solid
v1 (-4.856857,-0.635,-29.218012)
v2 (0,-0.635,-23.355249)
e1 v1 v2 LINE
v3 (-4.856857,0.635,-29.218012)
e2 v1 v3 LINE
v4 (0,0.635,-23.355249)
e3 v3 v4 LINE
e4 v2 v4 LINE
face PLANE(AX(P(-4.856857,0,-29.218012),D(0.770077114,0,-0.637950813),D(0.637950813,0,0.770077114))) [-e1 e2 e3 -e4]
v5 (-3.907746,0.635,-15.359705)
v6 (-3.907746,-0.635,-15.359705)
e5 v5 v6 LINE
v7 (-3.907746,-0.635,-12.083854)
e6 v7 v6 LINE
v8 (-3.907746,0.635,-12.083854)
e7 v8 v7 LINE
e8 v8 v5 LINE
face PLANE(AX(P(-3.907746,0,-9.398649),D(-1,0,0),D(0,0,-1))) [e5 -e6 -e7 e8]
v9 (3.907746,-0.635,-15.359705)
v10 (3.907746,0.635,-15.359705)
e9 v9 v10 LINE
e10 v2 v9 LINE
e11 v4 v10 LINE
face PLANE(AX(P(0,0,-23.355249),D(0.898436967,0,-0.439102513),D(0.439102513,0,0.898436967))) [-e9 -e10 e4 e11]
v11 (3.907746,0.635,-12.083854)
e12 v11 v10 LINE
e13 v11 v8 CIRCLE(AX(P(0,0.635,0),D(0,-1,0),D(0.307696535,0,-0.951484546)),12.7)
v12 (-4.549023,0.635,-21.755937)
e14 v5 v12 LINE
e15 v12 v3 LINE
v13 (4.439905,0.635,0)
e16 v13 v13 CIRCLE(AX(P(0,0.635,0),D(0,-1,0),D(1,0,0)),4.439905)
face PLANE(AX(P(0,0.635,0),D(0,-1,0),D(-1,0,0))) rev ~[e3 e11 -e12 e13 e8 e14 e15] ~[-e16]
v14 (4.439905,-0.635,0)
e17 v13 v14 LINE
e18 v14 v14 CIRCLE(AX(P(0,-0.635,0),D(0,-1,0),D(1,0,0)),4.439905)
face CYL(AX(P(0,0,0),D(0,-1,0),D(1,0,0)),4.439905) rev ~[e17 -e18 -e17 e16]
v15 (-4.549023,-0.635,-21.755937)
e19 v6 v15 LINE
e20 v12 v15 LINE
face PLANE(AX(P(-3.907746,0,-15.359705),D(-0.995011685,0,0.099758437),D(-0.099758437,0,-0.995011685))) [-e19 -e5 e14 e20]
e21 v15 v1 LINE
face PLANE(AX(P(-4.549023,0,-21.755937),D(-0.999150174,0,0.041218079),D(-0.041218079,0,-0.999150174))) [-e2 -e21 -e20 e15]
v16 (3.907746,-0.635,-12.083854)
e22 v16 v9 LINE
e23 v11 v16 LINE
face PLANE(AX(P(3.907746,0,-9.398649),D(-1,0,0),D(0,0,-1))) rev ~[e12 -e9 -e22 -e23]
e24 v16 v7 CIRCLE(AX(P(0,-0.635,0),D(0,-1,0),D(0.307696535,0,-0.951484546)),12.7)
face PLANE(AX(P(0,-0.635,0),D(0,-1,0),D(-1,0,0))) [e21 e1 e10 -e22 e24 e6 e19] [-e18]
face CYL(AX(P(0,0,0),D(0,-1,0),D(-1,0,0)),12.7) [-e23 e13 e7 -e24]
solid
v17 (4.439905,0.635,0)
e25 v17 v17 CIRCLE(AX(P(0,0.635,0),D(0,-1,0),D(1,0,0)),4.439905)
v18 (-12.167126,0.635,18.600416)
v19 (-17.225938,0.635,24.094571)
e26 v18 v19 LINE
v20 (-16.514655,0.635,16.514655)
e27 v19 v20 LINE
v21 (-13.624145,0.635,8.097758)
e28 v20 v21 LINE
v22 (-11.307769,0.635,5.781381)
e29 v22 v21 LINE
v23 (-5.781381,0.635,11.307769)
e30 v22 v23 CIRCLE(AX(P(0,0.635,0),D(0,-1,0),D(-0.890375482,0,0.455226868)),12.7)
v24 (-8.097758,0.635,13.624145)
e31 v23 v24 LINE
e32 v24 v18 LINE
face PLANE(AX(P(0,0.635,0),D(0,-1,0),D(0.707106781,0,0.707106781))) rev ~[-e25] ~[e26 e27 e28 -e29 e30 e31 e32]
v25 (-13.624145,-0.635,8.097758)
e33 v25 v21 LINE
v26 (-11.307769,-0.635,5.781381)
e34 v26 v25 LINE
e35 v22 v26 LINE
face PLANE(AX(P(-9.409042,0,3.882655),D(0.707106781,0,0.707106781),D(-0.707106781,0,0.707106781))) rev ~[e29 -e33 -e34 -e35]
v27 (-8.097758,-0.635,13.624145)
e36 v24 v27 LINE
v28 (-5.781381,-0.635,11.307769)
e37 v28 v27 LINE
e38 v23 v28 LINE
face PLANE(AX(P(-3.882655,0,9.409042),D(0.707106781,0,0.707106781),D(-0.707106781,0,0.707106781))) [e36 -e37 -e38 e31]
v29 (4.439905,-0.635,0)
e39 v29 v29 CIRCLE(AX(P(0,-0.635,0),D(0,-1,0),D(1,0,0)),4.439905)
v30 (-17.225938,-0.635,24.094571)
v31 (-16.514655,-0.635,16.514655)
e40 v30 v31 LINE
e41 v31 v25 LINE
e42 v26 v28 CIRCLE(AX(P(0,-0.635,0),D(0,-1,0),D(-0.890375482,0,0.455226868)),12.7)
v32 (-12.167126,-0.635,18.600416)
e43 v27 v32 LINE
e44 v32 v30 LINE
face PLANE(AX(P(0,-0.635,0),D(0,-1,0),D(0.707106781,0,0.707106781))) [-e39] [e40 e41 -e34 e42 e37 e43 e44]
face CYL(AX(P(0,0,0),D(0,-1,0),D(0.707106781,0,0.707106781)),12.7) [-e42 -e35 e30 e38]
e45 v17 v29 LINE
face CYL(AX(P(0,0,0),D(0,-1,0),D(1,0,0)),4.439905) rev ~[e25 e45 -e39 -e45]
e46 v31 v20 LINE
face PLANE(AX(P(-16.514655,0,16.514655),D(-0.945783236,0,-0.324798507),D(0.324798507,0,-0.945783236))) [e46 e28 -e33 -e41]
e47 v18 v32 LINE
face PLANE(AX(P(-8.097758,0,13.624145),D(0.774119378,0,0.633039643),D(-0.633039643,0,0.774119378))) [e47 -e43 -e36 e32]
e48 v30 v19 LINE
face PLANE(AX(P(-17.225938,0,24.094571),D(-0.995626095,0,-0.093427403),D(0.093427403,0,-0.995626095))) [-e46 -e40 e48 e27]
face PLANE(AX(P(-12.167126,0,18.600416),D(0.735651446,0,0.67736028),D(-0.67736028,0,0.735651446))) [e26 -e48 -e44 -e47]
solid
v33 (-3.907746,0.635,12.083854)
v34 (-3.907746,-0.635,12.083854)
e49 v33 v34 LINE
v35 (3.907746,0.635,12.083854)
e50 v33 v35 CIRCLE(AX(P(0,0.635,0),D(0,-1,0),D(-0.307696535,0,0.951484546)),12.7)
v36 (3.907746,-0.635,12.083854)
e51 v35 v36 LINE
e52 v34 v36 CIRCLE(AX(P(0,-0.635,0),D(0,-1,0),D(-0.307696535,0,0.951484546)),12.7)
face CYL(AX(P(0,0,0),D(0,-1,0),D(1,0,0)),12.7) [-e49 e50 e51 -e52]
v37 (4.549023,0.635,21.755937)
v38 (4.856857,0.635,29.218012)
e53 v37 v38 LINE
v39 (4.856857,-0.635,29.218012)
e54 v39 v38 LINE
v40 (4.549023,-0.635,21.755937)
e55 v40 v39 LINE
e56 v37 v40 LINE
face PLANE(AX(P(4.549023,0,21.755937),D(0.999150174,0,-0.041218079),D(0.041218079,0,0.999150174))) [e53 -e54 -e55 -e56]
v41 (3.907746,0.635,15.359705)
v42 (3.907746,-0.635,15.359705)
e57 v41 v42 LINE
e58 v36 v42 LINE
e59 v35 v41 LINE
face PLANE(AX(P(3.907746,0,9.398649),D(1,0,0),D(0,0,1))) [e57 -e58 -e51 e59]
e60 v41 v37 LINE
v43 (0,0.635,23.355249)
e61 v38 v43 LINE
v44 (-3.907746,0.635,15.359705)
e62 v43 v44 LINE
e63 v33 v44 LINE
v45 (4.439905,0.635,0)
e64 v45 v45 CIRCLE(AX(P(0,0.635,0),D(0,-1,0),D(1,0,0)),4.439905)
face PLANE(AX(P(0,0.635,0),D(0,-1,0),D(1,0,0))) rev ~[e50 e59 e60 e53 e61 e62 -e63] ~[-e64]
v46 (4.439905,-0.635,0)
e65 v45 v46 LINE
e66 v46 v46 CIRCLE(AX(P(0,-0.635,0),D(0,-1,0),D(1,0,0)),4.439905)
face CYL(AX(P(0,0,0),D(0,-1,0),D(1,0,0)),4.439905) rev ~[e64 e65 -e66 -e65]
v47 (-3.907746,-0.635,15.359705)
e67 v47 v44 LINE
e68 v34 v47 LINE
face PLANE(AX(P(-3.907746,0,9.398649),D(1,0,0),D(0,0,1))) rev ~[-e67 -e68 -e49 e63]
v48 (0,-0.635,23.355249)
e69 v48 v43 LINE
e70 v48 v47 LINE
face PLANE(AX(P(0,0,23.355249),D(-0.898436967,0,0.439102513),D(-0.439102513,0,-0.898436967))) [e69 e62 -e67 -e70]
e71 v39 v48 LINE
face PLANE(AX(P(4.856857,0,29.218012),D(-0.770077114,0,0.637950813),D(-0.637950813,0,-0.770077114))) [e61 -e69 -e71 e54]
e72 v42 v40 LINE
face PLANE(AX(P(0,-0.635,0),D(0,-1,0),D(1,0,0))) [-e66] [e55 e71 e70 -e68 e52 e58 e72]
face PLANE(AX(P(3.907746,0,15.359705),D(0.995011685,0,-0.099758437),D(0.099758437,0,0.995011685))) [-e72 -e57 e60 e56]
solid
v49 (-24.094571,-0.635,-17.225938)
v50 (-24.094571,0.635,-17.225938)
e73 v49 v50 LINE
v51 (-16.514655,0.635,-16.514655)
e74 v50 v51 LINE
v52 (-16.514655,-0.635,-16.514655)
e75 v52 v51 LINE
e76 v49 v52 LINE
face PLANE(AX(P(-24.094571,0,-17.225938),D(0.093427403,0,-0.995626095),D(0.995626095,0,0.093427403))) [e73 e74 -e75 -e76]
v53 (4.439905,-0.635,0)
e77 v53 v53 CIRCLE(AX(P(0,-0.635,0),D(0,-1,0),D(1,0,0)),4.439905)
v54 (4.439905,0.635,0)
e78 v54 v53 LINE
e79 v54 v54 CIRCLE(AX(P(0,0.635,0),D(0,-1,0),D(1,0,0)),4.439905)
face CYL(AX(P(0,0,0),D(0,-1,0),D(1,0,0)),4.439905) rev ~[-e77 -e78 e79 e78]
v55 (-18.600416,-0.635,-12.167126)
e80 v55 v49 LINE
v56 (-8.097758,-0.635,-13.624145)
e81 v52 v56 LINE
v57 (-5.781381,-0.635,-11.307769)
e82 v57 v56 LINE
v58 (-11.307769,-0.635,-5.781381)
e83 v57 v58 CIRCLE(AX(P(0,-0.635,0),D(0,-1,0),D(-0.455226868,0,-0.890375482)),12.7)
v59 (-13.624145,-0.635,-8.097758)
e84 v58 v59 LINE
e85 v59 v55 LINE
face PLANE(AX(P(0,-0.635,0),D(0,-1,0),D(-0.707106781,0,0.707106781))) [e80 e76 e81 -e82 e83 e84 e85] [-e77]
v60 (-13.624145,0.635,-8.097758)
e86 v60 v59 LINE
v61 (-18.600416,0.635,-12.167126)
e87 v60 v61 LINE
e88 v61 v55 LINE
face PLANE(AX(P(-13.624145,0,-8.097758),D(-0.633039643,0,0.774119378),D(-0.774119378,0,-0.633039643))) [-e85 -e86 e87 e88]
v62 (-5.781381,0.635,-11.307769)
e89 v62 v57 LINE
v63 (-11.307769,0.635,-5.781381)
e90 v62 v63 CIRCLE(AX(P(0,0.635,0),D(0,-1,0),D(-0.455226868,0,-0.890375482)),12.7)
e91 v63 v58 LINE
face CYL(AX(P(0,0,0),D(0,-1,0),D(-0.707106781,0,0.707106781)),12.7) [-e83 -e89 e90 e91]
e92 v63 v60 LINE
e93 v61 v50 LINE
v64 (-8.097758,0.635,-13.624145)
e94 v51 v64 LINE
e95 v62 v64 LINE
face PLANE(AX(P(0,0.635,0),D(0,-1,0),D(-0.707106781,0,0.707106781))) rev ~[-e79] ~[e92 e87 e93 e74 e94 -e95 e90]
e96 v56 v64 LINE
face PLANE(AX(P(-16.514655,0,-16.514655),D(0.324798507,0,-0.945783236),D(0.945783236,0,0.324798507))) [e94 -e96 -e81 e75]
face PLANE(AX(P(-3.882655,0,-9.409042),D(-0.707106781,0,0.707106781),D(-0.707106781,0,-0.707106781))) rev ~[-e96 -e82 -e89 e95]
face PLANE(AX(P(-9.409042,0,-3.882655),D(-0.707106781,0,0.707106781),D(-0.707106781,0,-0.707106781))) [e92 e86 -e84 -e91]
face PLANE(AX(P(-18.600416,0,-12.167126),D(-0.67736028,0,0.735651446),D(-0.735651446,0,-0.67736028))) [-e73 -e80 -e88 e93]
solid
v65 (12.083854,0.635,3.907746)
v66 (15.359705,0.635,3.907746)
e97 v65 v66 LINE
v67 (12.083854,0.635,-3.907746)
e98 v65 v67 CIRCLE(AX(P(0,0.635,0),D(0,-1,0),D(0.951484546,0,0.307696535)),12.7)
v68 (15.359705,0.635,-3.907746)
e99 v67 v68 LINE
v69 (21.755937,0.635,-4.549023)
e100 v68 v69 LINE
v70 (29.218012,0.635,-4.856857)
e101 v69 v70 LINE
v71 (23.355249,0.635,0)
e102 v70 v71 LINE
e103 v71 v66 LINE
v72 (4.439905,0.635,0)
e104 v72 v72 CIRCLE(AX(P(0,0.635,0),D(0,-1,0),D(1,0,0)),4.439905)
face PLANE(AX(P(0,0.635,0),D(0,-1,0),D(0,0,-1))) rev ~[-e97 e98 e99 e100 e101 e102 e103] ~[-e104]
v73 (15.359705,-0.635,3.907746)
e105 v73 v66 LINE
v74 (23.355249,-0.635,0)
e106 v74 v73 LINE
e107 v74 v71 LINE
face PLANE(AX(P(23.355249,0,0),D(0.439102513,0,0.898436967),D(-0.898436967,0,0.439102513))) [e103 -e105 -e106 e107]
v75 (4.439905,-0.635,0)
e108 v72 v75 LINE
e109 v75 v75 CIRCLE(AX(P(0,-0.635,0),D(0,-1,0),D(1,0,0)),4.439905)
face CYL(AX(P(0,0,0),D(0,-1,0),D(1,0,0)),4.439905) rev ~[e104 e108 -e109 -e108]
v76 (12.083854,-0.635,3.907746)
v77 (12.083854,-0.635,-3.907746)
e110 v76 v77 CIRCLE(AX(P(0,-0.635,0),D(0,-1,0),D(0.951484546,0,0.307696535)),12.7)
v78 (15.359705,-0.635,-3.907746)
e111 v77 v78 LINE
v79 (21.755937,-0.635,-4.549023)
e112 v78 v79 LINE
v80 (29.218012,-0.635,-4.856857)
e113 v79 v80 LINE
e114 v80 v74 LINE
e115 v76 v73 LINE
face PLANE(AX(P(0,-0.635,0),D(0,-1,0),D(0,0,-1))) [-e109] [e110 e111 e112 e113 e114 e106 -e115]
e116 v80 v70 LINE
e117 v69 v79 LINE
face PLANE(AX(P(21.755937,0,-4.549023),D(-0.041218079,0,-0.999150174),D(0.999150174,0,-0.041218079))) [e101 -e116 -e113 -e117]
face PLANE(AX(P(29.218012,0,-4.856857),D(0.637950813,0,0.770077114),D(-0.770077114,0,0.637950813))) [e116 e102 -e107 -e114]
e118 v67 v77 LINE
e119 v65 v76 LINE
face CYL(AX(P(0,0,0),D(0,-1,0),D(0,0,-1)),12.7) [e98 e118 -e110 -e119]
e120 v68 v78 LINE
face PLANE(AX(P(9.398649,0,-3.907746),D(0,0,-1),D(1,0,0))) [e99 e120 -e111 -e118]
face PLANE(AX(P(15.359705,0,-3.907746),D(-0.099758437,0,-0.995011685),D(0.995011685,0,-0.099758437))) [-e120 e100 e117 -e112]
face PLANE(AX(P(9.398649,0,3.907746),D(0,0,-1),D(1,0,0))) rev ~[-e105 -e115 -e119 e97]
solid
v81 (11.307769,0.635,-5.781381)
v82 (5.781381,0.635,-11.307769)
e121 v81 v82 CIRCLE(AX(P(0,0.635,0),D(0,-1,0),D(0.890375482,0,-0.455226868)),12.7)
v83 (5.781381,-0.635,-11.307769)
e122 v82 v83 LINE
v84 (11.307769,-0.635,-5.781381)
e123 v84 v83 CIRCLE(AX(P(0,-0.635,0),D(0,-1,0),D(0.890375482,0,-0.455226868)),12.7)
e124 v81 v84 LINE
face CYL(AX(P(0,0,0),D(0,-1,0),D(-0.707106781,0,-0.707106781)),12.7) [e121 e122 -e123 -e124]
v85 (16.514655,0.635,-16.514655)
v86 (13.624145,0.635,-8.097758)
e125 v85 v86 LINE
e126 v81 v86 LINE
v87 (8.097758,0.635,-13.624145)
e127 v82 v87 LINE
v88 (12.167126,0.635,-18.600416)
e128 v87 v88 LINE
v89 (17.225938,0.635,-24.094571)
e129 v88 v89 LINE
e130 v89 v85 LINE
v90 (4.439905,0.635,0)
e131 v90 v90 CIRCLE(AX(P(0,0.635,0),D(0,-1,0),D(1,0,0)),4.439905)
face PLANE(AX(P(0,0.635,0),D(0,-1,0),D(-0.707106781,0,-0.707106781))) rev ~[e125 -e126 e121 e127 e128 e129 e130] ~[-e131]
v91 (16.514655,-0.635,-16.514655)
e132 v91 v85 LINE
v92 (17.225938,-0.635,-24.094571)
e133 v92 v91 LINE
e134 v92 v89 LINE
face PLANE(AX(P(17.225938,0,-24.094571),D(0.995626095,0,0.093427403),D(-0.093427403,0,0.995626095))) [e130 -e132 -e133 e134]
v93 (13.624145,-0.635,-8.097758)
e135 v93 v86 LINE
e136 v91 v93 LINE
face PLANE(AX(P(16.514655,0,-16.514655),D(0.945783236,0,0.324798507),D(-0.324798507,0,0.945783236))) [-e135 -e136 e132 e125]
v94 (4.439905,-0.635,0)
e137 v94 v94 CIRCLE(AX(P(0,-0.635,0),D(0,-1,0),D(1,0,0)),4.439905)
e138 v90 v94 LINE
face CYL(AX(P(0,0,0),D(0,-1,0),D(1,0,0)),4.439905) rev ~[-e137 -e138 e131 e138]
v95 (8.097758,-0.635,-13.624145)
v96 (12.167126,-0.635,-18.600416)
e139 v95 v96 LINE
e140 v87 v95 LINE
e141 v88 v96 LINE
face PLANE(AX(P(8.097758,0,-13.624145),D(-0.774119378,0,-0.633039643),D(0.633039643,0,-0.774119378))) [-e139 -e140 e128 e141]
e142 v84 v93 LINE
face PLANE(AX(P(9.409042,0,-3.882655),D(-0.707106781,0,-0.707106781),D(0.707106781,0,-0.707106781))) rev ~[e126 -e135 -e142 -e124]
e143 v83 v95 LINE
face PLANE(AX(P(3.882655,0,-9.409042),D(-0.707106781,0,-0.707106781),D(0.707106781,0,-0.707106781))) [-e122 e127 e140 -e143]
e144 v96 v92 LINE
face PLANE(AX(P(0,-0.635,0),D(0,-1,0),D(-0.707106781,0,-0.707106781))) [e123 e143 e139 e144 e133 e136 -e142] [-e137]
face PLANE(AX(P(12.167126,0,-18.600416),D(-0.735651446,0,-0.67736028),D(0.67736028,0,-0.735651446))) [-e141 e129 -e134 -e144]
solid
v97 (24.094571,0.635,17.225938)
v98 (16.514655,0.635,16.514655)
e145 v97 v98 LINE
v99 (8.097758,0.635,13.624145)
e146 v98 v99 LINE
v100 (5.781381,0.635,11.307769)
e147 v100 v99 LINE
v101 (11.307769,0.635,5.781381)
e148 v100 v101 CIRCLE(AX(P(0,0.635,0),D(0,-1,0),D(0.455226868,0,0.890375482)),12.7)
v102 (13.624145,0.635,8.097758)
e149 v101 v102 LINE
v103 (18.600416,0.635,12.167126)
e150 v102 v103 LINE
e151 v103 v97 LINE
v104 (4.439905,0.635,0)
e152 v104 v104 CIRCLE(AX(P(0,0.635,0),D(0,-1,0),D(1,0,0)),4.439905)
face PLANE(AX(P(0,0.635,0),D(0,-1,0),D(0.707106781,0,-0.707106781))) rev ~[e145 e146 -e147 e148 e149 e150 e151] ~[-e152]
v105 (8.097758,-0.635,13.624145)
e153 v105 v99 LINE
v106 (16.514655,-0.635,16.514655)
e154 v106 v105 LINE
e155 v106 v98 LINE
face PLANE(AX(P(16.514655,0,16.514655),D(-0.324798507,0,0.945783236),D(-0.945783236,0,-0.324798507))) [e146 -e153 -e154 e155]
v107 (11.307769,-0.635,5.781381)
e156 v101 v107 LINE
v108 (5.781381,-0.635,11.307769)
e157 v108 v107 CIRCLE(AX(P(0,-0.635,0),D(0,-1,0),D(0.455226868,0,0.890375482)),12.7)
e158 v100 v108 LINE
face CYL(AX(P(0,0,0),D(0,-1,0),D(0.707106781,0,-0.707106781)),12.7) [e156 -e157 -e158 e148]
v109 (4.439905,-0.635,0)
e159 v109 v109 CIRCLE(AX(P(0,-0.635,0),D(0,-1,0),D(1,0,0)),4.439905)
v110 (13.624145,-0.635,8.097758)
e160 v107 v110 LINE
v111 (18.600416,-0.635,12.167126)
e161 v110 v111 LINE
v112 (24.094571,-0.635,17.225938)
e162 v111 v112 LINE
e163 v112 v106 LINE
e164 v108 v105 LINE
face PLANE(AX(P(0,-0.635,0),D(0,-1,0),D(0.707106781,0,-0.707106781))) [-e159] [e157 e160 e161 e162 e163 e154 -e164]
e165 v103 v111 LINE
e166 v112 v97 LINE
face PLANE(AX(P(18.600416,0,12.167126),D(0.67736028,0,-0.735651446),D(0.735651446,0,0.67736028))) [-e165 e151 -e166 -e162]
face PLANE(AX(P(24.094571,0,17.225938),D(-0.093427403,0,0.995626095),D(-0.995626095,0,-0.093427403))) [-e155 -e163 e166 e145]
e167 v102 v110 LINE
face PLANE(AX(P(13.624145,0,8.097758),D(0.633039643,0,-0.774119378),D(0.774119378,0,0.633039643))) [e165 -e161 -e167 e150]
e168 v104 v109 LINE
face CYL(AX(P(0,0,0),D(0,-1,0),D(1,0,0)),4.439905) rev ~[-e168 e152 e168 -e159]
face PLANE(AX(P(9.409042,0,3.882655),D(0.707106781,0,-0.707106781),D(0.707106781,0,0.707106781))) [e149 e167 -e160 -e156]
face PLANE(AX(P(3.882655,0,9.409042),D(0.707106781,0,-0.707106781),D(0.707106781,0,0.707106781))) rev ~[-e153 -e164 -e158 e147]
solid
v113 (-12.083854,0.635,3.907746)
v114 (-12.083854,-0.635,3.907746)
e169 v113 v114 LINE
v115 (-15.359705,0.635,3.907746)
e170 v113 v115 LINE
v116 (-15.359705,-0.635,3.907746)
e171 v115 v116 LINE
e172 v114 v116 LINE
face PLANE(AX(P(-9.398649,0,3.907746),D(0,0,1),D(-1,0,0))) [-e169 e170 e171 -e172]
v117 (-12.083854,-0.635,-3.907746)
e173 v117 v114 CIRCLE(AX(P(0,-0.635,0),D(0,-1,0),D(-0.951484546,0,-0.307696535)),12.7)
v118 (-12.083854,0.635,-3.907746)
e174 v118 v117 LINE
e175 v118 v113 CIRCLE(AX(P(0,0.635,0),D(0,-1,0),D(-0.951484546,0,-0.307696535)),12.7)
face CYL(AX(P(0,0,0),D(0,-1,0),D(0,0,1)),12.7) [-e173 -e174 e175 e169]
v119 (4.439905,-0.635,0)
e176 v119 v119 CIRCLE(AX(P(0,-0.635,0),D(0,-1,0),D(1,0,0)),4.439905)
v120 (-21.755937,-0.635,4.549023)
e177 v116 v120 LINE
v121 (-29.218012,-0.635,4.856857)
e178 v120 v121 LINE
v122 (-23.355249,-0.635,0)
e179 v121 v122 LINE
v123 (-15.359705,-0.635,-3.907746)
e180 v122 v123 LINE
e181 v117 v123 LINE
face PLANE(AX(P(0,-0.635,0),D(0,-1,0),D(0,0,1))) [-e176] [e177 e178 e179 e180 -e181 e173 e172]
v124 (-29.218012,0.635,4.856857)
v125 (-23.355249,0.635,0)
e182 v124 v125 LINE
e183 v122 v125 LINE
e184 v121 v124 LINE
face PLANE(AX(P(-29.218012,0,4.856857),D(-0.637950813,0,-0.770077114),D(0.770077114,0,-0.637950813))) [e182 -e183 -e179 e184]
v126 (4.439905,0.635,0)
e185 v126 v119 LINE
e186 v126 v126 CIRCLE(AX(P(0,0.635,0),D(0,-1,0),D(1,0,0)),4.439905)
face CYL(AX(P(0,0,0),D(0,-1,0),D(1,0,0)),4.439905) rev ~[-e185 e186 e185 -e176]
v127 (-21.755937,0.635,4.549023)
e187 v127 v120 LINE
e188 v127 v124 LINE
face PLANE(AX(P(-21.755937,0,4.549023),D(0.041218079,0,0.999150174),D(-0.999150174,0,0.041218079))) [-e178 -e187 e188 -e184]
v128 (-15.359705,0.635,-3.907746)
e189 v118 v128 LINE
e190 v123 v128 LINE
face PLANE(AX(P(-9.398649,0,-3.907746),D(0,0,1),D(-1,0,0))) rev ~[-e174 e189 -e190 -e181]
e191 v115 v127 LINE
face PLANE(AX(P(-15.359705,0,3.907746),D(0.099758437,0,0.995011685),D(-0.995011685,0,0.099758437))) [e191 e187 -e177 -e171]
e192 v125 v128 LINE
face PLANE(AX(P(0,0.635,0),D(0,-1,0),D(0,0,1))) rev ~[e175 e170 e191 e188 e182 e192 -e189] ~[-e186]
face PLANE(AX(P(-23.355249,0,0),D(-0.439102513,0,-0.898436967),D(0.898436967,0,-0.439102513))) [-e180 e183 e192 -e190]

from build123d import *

# Parameters (mm, degrees)
F0_R     = 12.7
F1_DEPTH = 0.635
F2_W     = 7.815492
F2_H     = 5.961056
F3_DEPTH = 0.635
F4_COUNT = 8
F5_R     = 4.439905
F6_DEPTH = 0.635


with BuildPart() as f1:
    # F0 (on Front) → F1 (new body, symmetric)
    with BuildSketch(Plane.XZ):
        Circle(F0_R)
    extrude(amount=F1_DEPTH, both=True)

    # F2 (on Front) → F3 (join, symmetric)
    with BuildSketch(Plane.XZ):
        with Locations((0, 12.379177)):
            Rectangle(F2_W, F2_H)
        Polygon((-3.907746, 15.359705), (3.907746, 15.359705), (4.549023, 21.755937), (0, 23.355249), align=None)
        Polygon((0, 23.355249), (4.549023, 21.755937), (4.856857, 29.218012), align=None)
    extrude(amount=F3_DEPTH, both=True)


with BuildPart() as f4_1:
    # F4: instance of F1
    add(f1.part.rotate(Axis((0, -0.635, 0), (0, 1, 0)), 1 * 360 / F4_COUNT))


with BuildPart() as f4_2:
    # F4: instance of F1
    add(f1.part.rotate(Axis((0, -0.635, 0), (0, 1, 0)), 2 * 360 / F4_COUNT))


with BuildPart() as f4_3:
    # F4: instance of F1
    add(f1.part.rotate(Axis((0, -0.635, 0), (0, 1, 0)), 3 * 360 / F4_COUNT))


with BuildPart() as f4_4:
    # F4: instance of F1
    add(f1.part.rotate(Axis((0, -0.635, 0), (0, 1, 0)), 4 * 360 / F4_COUNT))


with BuildPart() as f4_5:
    # F4: instance of F1
    add(f1.part.rotate(Axis((0, -0.635, 0), (0, 1, 0)), 5 * 360 / F4_COUNT))


with BuildPart() as f4_6:
    # F4: instance of F1
    add(f1.part.rotate(Axis((0, -0.635, 0), (0, 1, 0)), 6 * 360 / F4_COUNT))


with BuildPart() as f4_7:
    # F4: instance of F1
    add(f1.part.rotate(Axis((0, -0.635, 0), (0, 1, 0)), 7 * 360 / F4_COUNT))


with BuildPart() as f6_tool:
    # F5 (on Front) → F6 (new body, symmetric)
    with BuildSketch(Plane.XZ):
        Circle(F5_R)
    extrude(amount=F6_DEPTH, both=True)


with BuildPart() as f1_1:
    add(f1.part)

    # F6: cut by f6_tool
    add(f6_tool.part, mode=Mode.SUBTRACT)


with BuildPart() as f4_1_1:
    add(f4_1.part)

    # F6: cut by f6_tool
    add(f6_tool.part, mode=Mode.SUBTRACT)


with BuildPart() as f4_2_1:
    add(f4_2.part)

    # F6: cut by f6_tool
    add(f6_tool.part, mode=Mode.SUBTRACT)


with BuildPart() as f4_3_1:
    add(f4_3.part)

    # F6: cut by f6_tool
    add(f6_tool.part, mode=Mode.SUBTRACT)


with BuildPart() as f4_4_1:
    add(f4_4.part)

    # F6: cut by f6_tool
    add(f6_tool.part, mode=Mode.SUBTRACT)


with BuildPart() as f4_5_1:
    add(f4_5.part)

    # F6: cut by f6_tool
    add(f6_tool.part, mode=Mode.SUBTRACT)


with BuildPart() as f4_6_1:
    add(f4_6.part)

    # F6: cut by f6_tool
    add(f6_tool.part, mode=Mode.SUBTRACT)


with BuildPart() as f4_7_1:
    add(f4_7.part)

    # F6: cut by f6_tool
    add(f6_tool.part, mode=Mode.SUBTRACT)


solid = Compound([f1_1.part, f4_1_1.part, f4_2_1.part, f4_3_1.part, f4_4_1.part, f4_5_1.part, f4_6_1.part, f4_7_1.part])
